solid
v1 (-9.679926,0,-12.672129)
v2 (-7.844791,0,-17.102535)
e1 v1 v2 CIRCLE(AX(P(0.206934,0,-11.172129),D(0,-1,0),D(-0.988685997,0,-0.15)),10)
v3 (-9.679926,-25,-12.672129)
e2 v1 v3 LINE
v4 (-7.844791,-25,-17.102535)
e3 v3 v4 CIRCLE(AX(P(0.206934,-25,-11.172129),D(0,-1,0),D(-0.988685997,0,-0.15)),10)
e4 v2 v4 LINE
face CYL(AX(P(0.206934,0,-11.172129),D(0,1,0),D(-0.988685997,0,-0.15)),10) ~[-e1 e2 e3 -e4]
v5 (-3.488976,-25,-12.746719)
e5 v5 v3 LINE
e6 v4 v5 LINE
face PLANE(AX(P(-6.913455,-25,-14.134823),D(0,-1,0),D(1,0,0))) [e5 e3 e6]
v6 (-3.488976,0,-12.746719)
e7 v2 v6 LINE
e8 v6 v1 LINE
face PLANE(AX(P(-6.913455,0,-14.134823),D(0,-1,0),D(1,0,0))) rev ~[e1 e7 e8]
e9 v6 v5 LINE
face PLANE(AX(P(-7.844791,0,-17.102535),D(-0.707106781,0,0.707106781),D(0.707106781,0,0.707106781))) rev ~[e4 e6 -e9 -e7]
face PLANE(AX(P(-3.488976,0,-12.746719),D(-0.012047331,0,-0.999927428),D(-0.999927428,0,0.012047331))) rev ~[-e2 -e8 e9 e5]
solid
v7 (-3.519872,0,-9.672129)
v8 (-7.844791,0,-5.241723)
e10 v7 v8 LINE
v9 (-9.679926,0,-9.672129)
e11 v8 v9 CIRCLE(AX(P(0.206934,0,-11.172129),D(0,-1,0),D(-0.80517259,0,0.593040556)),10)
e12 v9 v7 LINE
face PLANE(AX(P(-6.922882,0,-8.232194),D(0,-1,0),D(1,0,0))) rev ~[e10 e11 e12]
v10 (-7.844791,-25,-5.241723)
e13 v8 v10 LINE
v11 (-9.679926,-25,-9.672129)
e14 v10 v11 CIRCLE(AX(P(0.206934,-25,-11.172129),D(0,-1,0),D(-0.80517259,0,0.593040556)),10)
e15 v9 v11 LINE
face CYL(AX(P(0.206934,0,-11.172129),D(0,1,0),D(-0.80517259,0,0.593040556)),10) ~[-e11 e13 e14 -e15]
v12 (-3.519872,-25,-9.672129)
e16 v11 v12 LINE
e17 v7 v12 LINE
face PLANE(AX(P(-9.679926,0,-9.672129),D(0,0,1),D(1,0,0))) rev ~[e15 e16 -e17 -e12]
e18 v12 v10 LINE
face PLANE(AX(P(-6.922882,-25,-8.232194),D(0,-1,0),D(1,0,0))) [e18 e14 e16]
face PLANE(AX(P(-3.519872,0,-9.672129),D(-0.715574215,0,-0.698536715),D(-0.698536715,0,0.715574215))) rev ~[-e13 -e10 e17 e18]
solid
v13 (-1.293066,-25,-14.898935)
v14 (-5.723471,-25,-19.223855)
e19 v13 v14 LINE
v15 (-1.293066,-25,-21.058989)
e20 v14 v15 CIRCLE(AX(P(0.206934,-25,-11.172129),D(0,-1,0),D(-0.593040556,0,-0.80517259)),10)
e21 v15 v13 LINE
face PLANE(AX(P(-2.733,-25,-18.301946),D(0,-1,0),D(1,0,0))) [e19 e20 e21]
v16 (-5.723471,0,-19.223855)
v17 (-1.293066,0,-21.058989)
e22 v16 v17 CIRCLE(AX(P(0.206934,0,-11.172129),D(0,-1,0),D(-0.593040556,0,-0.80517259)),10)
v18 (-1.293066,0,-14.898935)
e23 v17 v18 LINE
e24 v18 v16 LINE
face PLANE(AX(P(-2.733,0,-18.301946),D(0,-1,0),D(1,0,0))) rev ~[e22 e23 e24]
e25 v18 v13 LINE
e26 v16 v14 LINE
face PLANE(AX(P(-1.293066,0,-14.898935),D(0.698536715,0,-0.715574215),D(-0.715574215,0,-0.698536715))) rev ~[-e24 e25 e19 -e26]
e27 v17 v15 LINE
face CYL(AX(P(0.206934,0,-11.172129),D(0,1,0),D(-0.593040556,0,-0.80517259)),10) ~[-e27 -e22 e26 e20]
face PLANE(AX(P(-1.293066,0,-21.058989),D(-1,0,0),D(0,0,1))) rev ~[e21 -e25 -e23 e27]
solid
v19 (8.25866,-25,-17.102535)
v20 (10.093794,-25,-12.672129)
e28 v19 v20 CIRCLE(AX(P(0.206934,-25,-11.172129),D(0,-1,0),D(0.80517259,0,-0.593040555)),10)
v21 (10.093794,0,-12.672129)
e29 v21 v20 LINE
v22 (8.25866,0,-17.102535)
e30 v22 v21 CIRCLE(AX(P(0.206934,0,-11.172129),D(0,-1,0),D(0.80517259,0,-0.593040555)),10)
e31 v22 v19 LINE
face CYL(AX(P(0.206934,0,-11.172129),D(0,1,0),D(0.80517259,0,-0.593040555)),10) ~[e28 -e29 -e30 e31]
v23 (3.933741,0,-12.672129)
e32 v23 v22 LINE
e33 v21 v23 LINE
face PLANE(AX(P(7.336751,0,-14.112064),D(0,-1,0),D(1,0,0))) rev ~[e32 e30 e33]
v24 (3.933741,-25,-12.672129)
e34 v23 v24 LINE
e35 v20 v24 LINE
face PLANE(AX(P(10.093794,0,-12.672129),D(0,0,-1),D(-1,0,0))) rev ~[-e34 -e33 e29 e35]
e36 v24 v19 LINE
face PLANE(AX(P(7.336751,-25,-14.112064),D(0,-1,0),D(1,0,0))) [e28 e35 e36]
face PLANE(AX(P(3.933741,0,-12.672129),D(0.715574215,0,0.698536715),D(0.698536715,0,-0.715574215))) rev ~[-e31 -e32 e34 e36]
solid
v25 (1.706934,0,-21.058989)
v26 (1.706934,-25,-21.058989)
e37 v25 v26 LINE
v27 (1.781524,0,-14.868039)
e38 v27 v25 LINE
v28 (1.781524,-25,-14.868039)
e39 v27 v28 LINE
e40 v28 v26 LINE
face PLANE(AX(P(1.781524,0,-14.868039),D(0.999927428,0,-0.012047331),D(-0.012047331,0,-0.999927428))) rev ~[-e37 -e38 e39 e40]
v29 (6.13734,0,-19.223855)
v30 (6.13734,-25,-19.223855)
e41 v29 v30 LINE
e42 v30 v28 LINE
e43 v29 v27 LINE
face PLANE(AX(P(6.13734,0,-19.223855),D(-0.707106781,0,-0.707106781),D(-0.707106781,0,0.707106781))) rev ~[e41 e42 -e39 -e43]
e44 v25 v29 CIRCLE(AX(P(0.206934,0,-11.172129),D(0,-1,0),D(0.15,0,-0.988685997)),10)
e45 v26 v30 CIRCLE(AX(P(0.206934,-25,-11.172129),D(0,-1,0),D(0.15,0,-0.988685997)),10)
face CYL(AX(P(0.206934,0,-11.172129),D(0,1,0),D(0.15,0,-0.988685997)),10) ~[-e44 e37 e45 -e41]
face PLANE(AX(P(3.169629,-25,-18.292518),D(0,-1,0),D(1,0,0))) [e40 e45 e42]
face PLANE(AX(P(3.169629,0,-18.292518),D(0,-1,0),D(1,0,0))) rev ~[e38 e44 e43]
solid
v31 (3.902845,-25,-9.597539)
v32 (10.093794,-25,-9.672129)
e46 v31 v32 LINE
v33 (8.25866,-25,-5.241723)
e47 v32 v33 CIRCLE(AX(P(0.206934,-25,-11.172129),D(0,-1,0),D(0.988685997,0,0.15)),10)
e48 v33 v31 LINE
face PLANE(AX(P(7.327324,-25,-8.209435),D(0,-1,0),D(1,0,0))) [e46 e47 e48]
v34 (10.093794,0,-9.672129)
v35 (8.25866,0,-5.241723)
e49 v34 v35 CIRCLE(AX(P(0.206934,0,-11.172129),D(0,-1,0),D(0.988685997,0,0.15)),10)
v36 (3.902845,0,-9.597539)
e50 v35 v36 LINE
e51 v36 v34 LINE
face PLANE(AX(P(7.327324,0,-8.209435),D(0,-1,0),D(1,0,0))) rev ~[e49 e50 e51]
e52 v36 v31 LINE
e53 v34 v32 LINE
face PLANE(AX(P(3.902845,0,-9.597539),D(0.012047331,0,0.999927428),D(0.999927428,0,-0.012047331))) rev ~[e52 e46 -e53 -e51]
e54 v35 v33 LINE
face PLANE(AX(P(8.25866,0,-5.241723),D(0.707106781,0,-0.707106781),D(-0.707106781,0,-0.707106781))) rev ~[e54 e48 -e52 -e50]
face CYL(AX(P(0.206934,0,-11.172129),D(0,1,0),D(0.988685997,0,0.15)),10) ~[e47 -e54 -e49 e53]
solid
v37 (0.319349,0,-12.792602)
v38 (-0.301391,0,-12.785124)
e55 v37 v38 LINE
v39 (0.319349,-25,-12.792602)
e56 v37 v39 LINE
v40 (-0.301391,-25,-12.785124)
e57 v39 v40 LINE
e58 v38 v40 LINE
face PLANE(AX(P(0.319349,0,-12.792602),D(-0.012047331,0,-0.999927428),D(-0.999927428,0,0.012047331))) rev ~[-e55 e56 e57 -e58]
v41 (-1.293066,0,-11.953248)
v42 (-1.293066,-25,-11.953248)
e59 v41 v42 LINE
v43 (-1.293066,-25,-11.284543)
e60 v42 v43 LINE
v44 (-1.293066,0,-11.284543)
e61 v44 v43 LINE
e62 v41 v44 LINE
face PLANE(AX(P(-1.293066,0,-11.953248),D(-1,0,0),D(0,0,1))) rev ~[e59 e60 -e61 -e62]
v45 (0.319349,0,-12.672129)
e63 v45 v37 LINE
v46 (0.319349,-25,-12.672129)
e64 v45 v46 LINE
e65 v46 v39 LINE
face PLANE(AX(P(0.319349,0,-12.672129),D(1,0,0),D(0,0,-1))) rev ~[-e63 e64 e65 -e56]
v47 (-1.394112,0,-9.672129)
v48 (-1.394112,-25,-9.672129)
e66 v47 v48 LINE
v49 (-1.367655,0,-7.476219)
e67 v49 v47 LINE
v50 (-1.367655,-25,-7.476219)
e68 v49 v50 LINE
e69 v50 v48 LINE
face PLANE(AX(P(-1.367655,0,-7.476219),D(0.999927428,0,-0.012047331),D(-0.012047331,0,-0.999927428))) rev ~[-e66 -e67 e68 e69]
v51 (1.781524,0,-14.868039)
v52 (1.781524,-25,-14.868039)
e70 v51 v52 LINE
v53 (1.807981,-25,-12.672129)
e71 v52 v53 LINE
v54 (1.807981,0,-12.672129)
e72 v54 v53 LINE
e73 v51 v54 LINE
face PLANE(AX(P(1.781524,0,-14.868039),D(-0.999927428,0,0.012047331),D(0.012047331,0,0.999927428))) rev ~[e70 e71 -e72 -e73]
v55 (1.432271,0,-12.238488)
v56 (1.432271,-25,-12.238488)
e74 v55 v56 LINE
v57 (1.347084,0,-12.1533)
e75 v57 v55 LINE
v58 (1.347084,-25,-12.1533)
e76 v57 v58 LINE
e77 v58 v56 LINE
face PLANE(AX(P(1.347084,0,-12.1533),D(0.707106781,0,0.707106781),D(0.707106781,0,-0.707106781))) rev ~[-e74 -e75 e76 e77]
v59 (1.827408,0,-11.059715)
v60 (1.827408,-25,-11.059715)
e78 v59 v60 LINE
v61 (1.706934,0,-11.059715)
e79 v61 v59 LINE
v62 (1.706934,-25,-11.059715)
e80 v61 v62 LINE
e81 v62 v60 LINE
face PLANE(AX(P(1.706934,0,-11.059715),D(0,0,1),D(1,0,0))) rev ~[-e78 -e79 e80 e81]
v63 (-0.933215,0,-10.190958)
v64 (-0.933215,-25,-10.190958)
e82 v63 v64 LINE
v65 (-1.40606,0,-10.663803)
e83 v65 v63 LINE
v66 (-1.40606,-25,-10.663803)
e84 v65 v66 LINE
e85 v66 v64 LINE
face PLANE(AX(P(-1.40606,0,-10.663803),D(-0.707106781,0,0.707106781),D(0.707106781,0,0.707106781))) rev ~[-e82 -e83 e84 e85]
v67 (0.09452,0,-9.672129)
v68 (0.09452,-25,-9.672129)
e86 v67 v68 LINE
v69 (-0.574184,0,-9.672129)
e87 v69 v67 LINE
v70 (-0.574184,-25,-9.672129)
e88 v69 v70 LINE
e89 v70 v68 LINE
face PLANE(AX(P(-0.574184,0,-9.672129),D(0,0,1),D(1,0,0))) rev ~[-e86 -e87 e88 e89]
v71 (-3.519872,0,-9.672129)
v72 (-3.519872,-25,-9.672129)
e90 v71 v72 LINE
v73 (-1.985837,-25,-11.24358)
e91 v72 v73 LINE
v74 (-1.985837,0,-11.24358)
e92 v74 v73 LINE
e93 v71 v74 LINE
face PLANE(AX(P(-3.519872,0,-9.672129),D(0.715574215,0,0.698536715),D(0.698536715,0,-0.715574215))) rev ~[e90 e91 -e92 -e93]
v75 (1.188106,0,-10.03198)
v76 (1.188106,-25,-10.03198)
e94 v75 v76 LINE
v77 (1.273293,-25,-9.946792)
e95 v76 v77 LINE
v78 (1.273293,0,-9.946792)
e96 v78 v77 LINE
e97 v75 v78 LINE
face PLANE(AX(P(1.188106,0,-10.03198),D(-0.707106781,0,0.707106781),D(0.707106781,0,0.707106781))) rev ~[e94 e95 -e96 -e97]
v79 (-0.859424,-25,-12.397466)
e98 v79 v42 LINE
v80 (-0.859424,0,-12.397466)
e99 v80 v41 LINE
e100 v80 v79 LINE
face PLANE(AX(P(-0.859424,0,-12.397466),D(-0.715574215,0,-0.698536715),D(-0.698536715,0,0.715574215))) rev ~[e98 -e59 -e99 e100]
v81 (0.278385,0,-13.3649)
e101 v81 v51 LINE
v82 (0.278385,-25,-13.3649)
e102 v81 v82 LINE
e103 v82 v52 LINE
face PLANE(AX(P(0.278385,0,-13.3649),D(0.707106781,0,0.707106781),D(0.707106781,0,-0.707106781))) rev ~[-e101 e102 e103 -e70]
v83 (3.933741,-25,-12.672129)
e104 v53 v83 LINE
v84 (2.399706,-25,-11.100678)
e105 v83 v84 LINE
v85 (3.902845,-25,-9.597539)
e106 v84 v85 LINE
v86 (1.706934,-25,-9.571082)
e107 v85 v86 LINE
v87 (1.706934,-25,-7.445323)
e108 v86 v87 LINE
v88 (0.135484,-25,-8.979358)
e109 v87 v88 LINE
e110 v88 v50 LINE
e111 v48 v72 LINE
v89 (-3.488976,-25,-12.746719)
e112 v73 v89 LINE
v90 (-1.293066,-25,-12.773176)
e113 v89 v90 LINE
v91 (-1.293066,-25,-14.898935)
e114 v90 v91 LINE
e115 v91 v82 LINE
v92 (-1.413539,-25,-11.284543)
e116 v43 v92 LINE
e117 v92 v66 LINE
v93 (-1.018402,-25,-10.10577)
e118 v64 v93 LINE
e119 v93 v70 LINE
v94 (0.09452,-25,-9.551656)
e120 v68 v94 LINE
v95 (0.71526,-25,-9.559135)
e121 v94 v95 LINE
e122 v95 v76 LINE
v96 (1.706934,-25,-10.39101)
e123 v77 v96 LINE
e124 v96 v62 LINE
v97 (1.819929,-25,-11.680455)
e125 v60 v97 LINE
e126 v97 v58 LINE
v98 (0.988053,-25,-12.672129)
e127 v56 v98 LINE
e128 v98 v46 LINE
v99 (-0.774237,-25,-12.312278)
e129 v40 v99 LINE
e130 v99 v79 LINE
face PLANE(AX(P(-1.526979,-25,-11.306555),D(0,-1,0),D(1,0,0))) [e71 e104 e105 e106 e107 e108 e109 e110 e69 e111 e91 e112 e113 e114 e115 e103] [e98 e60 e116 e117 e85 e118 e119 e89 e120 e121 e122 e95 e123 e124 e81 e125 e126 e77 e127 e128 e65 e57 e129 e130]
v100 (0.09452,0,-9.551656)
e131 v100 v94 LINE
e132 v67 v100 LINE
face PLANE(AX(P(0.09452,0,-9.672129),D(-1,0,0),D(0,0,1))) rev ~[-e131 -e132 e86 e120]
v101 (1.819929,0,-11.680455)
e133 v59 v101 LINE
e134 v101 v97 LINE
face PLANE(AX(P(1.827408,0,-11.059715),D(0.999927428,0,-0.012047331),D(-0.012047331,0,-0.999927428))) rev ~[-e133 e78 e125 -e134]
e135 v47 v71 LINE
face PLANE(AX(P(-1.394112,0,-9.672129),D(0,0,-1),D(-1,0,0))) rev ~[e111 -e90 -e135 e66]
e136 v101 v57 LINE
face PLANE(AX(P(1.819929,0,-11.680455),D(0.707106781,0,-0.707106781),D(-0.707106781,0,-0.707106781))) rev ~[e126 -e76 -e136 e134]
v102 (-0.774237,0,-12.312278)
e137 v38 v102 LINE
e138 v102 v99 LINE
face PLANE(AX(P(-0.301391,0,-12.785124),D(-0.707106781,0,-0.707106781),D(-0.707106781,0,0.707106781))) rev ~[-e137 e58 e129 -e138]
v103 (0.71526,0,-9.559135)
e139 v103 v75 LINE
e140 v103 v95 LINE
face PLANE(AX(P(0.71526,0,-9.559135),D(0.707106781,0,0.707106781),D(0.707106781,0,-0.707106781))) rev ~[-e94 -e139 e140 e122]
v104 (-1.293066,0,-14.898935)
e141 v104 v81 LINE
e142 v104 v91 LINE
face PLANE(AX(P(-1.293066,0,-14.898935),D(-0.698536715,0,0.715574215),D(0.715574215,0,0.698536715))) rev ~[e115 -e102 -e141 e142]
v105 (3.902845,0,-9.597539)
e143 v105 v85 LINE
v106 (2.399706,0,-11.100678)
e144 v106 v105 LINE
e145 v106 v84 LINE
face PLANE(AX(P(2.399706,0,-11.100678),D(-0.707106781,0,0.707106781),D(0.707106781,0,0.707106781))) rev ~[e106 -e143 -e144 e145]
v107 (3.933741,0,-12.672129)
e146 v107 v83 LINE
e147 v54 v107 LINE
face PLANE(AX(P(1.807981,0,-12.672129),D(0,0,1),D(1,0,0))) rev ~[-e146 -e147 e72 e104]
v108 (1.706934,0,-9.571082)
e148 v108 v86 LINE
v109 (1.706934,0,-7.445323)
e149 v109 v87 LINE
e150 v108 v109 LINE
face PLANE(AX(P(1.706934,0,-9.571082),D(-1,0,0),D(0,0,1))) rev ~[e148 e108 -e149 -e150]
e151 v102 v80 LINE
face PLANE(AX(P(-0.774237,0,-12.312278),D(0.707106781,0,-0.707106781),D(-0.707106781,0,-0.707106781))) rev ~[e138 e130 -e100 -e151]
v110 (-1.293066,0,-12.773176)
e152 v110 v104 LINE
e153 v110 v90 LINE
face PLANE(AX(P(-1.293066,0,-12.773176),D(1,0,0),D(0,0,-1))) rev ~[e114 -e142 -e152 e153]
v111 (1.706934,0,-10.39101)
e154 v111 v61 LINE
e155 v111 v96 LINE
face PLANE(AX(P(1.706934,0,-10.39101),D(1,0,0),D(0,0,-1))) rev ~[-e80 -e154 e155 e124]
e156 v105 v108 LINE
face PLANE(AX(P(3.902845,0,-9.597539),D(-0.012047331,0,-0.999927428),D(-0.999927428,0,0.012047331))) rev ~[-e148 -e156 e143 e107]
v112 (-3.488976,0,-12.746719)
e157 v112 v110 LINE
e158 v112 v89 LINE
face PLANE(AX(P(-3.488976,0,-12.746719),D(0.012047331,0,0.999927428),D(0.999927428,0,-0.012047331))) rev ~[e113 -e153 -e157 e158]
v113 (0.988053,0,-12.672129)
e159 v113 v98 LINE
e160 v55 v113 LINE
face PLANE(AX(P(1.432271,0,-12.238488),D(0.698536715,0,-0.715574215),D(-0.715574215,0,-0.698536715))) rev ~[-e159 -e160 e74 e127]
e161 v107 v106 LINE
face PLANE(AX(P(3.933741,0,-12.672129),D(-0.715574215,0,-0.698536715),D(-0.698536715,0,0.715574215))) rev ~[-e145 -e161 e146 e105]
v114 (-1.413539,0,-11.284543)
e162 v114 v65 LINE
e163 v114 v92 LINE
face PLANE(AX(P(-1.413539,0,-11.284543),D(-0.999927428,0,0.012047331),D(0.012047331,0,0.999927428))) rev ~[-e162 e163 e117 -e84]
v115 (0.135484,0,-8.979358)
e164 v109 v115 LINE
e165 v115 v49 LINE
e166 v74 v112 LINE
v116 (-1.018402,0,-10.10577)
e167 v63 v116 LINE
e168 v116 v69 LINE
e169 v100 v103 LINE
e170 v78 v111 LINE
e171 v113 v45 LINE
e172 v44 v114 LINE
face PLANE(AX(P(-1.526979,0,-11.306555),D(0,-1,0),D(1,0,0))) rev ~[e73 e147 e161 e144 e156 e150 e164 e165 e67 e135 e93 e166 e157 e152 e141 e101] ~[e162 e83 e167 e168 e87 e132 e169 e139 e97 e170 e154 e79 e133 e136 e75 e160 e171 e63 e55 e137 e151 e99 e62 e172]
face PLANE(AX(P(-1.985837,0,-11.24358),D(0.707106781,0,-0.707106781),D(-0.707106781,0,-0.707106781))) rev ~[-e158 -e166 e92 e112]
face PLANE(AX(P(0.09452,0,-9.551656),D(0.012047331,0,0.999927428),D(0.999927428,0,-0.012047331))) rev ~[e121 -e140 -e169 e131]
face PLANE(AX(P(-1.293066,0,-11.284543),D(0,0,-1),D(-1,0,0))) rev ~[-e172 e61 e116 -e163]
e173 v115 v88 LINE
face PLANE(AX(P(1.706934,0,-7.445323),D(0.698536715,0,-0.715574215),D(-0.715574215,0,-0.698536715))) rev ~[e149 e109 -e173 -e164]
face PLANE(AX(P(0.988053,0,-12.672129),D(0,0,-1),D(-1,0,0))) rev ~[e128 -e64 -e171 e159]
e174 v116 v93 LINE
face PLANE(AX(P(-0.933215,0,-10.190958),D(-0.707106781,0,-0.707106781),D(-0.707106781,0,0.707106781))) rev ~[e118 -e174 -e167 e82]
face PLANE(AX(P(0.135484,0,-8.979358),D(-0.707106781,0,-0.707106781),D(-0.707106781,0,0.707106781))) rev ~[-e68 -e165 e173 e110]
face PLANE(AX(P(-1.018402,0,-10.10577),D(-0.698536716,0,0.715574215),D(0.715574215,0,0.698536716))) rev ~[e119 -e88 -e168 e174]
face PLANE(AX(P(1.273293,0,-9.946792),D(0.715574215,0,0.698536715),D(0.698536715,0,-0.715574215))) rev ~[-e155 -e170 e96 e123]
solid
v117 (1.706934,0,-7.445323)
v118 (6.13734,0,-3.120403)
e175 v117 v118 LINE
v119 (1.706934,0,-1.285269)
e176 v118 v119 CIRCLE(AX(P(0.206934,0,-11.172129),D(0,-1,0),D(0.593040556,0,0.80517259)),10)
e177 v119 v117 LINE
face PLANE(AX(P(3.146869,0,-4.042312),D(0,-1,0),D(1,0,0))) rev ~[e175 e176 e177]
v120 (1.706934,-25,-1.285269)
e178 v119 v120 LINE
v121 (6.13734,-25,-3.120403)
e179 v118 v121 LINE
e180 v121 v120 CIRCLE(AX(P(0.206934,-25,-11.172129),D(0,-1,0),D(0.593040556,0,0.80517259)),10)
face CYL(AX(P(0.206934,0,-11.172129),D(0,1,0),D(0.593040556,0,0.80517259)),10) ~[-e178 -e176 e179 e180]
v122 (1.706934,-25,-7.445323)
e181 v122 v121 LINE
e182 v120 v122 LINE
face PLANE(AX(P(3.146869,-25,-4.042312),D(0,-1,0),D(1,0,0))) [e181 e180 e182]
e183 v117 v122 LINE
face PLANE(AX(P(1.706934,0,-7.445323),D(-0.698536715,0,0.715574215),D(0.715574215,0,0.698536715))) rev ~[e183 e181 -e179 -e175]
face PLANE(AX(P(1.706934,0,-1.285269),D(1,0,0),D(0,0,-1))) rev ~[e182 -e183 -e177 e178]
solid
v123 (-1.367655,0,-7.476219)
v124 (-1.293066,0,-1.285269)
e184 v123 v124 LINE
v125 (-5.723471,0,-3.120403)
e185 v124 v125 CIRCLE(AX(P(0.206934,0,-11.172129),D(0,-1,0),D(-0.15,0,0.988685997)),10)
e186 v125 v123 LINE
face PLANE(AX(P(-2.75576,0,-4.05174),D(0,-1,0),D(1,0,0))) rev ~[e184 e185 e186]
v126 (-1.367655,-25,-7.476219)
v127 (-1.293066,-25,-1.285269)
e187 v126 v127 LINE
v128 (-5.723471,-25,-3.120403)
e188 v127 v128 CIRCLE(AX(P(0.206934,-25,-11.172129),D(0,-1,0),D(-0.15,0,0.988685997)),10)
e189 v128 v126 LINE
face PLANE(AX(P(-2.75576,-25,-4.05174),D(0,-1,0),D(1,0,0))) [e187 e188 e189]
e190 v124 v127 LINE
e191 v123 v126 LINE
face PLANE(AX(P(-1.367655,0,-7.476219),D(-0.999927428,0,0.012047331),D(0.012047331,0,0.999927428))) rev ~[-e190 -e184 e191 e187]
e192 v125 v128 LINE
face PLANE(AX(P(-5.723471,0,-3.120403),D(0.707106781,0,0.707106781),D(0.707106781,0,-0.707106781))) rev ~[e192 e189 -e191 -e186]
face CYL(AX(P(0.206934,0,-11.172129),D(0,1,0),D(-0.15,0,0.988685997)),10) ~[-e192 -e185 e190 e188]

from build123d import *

# Parameters (mm, degrees)
F1_DEPTH = 25


with BuildPart() as f1:
    # F0 (on Front) → F1 (new body)
    with BuildSketch(Plane.XZ):
        Polygon((-1.2930655526, -11.2845433465), (-1.413538867, -11.2845433465), (-1.406060062, -10.6638031963), (-1.9858366428, -11.2435797771), (-1.2930655526, -11.9532477417), align=None)
        Polygon((-1.9858366428, -11.2435797771), (-1.406060062, -10.6638031963), (-1.3941121675, -9.6721290305), (-3.5198718555, -9.6721290305), align=None)
        Polygon((-1.3941121675, -9.6721290305), (-1.406060062, -10.6638031963), (-0.9332146495, -10.1909577839), (-1.0184021471, -10.1057702863), (-0.5741842638, -9.6721290305), align=None)
        Polygon((-1.2930655526, -12.7731756454), (-1.2930655526, -11.9532477417), (-1.9858366428, -11.2435797771), (-3.4889757333, -12.7467188677), align=None)
        Polygon((-0.8594242968, -12.3974656251), (-1.2930655526, -11.9532477417), (-1.2930655526, -12.7731756454), (-0.3013913868, -12.7851235399), (-0.7742367992, -12.3122781275), align=None)
        Polygon((-1.3676553897, -7.4762188498), (-1.3941121675, -9.6721290305), (-0.5741842638, -9.6721290305), (0.1354837008, -8.9793579403), align=None)
        Polygon((-0.3013913868, -12.7851235399), (-1.2930655526, -12.7731756454), (-1.2930655526, -14.8989353334), (0.2783851941, -13.3649001207), align=None)
        Polygon((0.1354837008, -8.9793579403), (-0.5741842638, -9.6721290305), (0.0945201314, -9.6721290305), (0.0945201314, -9.551655716), (0.7152602816, -9.5591345211), align=None)
        Polygon((0.3193487635, -12.792602345), (-0.3013913868, -12.7851235399), (0.2783851941, -13.3649001207), (0.9880531586, -12.6721290305), (0.3193487635, -12.6721290305), align=None)
        Polygon((1.7069344474, -7.4453227276), (0.1354837008, -8.9793579403), (0.7152602816, -9.5591345211), (1.7069344474, -9.5710824156), align=None)
        Polygon((0.9880531586, -12.6721290305), (0.2783851941, -13.3649001207), (1.7815242846, -14.8680392112), (1.8079810624, -12.6721290305), align=None)
        Polygon((1.7069344474, -9.5710824156), (0.7152602816, -9.5591345211), (1.188105694, -10.0319799335), (1.2732931916, -9.9467924359), (1.7069344474, -10.3910103193), align=None)
        Polygon((1.432271042, -12.2384877747), (0.9880531586, -12.6721290305), (1.8079810624, -12.6721290305), (1.8199289568, -11.6804548647), (1.3470835444, -12.1533002771), align=None)
        Polygon((3.9028446281, -9.5975391933), (1.7069344474, -9.5710824156), (1.7069344474, -10.3910103193), (2.3997055376, -11.1006782839), align=None)
        Polygon((1.8199289568, -11.6804548647), (1.8079810624, -12.6721290305), (3.9337407503, -12.6721290305), (2.3997055376, -11.1006782839), align=None)
        Polygon((2.3997055376, -11.1006782839), (1.7069344474, -10.3910103193), (1.7069344474, -11.0597147144), (1.8274077619, -11.0597147144), (1.8199289568, -11.6804548647), align=None)
    extrude(amount=F1_DEPTH)


with BuildPart() as f1b:
    # F0 (on Front) → F1, piece 2 (new body)
    with BuildSketch(Plane.XZ):
        with BuildLine():
            Line((-5.7234711079, -3.1204031317), (-1.3676553897, -7.4762188498))
            Line((-1.3676553897, -7.4762188498), (-1.2930655526, -1.2852690639))
            ThreePointArc((-1.2930655526, -1.2852690639), (-3.6198998762, -1.9333337054), (-5.7234711079, -3.1204031317))
        make_face()
    extrude(amount=F1_DEPTH)


with BuildPart() as f1c:
    # F0 (on Front) → F1, piece 3 (new body)
    with BuildSketch(Plane.XZ):
        with BuildLine():
            Line((1.7069344474, -1.2852690639), (1.7069344474, -7.4453227276))
            Line((1.7069344474, -7.4453227276), (6.1373400027, -3.1204031317))
            ThreePointArc((6.1373400027, -3.1204031317), (4.0337687711, -1.9333337054), (1.7069344474, -1.2852690639))
        make_face()
    extrude(amount=F1_DEPTH)


with BuildPart() as f1d:
    # F0 (on Front) → F1, piece 4 (new body)
    with BuildSketch(Plane.XZ):
        with BuildLine():
            Line((8.2586603463, -5.2417234752), (3.9028446281, -9.5975391933))
            Line((3.9028446281, -9.5975391933), (10.0937944141, -9.6721290305))
            ThreePointArc((10.0937944141, -9.6721290305), (9.4457297725, -7.3452947068), (8.2586603463, -5.2417234752))
        make_face()
    extrude(amount=F1_DEPTH)


with BuildPart() as f1e:
    # F0 (on Front) → F1, piece 5 (new body)
    with BuildSketch(Plane.XZ):
        with BuildLine():
            Line((10.0937944141, -12.6721290305), (3.9337407503, -12.6721290305))
            Line((3.9337407503, -12.6721290305), (8.2586603463, -17.1025345858))
            ThreePointArc((8.2586603463, -17.1025345858), (9.4457297725, -14.9989633541), (10.0937944141, -12.6721290305))
        make_face()
    extrude(amount=F1_DEPTH)


with BuildPart() as f1f:
    # F0 (on Front) → F1, piece 6 (new body)
    with BuildSketch(Plane.XZ):
        with BuildLine():
            Line((6.1373400027, -19.2238549293), (1.7815242846, -14.8680392112))
            Line((1.7815242846, -14.8680392112), (1.7069344474, -21.0589889971))
            ThreePointArc((1.7069344474, -21.0589889971), (4.0337687711, -20.4109243556), (6.1373400027, -19.2238549293))
        make_face()
    extrude(amount=F1_DEPTH)


with BuildPart() as f1g:
    # F0 (on Front) → F1, piece 7 (new body)
    with BuildSketch(Plane.XZ):
        with BuildLine():
            Line((-1.2930655526, -21.0589889971), (-1.2930655526, -14.8989353334))
            Line((-1.2930655526, -14.8989353334), (-5.7234711079, -19.2238549293))
            ThreePointArc((-5.7234711079, -19.2238549293), (-3.6198998762, -20.4109243556), (-1.2930655526, -21.0589889971))
        make_face()
    extrude(amount=F1_DEPTH)


with BuildPart() as f1h:
    # F0 (on Front) → F1, piece 8 (new body)
    with BuildSketch(Plane.XZ):
        with BuildLine():
            Line((-7.8447914514, -17.1025345858), (-3.4889757333, -12.7467188677))
            Line((-3.4889757333, -12.7467188677), (-9.6799255192, -12.6721290305))
            ThreePointArc((-9.6799255192, -12.6721290305), (-9.0318608777, -14.9989633541), (-7.8447914514, -17.1025345858))
        make_face()
    extrude(amount=F1_DEPTH)


with BuildPart() as f1i:
    # F0 (on Front) → F1, piece 9 (new body)
    with BuildSketch(Plane.XZ):
        with BuildLine():
            Line((-9.6799255192, -9.6721290305), (-3.5198718555, -9.6721290305))
            Line((-3.5198718555, -9.6721290305), (-7.8447914514, -5.2417234752))
            ThreePointArc((-7.8447914514, -5.2417234752), (-9.0318608777, -7.3452947068), (-9.6799255192, -9.6721290305))
        make_face()
    extrude(amount=F1_DEPTH)


solid = Compound([f1.part, f1b.part, f1c.part, f1d.part, f1e.part, f1f.part, f1g.part, f1h.part, f1i.part])
